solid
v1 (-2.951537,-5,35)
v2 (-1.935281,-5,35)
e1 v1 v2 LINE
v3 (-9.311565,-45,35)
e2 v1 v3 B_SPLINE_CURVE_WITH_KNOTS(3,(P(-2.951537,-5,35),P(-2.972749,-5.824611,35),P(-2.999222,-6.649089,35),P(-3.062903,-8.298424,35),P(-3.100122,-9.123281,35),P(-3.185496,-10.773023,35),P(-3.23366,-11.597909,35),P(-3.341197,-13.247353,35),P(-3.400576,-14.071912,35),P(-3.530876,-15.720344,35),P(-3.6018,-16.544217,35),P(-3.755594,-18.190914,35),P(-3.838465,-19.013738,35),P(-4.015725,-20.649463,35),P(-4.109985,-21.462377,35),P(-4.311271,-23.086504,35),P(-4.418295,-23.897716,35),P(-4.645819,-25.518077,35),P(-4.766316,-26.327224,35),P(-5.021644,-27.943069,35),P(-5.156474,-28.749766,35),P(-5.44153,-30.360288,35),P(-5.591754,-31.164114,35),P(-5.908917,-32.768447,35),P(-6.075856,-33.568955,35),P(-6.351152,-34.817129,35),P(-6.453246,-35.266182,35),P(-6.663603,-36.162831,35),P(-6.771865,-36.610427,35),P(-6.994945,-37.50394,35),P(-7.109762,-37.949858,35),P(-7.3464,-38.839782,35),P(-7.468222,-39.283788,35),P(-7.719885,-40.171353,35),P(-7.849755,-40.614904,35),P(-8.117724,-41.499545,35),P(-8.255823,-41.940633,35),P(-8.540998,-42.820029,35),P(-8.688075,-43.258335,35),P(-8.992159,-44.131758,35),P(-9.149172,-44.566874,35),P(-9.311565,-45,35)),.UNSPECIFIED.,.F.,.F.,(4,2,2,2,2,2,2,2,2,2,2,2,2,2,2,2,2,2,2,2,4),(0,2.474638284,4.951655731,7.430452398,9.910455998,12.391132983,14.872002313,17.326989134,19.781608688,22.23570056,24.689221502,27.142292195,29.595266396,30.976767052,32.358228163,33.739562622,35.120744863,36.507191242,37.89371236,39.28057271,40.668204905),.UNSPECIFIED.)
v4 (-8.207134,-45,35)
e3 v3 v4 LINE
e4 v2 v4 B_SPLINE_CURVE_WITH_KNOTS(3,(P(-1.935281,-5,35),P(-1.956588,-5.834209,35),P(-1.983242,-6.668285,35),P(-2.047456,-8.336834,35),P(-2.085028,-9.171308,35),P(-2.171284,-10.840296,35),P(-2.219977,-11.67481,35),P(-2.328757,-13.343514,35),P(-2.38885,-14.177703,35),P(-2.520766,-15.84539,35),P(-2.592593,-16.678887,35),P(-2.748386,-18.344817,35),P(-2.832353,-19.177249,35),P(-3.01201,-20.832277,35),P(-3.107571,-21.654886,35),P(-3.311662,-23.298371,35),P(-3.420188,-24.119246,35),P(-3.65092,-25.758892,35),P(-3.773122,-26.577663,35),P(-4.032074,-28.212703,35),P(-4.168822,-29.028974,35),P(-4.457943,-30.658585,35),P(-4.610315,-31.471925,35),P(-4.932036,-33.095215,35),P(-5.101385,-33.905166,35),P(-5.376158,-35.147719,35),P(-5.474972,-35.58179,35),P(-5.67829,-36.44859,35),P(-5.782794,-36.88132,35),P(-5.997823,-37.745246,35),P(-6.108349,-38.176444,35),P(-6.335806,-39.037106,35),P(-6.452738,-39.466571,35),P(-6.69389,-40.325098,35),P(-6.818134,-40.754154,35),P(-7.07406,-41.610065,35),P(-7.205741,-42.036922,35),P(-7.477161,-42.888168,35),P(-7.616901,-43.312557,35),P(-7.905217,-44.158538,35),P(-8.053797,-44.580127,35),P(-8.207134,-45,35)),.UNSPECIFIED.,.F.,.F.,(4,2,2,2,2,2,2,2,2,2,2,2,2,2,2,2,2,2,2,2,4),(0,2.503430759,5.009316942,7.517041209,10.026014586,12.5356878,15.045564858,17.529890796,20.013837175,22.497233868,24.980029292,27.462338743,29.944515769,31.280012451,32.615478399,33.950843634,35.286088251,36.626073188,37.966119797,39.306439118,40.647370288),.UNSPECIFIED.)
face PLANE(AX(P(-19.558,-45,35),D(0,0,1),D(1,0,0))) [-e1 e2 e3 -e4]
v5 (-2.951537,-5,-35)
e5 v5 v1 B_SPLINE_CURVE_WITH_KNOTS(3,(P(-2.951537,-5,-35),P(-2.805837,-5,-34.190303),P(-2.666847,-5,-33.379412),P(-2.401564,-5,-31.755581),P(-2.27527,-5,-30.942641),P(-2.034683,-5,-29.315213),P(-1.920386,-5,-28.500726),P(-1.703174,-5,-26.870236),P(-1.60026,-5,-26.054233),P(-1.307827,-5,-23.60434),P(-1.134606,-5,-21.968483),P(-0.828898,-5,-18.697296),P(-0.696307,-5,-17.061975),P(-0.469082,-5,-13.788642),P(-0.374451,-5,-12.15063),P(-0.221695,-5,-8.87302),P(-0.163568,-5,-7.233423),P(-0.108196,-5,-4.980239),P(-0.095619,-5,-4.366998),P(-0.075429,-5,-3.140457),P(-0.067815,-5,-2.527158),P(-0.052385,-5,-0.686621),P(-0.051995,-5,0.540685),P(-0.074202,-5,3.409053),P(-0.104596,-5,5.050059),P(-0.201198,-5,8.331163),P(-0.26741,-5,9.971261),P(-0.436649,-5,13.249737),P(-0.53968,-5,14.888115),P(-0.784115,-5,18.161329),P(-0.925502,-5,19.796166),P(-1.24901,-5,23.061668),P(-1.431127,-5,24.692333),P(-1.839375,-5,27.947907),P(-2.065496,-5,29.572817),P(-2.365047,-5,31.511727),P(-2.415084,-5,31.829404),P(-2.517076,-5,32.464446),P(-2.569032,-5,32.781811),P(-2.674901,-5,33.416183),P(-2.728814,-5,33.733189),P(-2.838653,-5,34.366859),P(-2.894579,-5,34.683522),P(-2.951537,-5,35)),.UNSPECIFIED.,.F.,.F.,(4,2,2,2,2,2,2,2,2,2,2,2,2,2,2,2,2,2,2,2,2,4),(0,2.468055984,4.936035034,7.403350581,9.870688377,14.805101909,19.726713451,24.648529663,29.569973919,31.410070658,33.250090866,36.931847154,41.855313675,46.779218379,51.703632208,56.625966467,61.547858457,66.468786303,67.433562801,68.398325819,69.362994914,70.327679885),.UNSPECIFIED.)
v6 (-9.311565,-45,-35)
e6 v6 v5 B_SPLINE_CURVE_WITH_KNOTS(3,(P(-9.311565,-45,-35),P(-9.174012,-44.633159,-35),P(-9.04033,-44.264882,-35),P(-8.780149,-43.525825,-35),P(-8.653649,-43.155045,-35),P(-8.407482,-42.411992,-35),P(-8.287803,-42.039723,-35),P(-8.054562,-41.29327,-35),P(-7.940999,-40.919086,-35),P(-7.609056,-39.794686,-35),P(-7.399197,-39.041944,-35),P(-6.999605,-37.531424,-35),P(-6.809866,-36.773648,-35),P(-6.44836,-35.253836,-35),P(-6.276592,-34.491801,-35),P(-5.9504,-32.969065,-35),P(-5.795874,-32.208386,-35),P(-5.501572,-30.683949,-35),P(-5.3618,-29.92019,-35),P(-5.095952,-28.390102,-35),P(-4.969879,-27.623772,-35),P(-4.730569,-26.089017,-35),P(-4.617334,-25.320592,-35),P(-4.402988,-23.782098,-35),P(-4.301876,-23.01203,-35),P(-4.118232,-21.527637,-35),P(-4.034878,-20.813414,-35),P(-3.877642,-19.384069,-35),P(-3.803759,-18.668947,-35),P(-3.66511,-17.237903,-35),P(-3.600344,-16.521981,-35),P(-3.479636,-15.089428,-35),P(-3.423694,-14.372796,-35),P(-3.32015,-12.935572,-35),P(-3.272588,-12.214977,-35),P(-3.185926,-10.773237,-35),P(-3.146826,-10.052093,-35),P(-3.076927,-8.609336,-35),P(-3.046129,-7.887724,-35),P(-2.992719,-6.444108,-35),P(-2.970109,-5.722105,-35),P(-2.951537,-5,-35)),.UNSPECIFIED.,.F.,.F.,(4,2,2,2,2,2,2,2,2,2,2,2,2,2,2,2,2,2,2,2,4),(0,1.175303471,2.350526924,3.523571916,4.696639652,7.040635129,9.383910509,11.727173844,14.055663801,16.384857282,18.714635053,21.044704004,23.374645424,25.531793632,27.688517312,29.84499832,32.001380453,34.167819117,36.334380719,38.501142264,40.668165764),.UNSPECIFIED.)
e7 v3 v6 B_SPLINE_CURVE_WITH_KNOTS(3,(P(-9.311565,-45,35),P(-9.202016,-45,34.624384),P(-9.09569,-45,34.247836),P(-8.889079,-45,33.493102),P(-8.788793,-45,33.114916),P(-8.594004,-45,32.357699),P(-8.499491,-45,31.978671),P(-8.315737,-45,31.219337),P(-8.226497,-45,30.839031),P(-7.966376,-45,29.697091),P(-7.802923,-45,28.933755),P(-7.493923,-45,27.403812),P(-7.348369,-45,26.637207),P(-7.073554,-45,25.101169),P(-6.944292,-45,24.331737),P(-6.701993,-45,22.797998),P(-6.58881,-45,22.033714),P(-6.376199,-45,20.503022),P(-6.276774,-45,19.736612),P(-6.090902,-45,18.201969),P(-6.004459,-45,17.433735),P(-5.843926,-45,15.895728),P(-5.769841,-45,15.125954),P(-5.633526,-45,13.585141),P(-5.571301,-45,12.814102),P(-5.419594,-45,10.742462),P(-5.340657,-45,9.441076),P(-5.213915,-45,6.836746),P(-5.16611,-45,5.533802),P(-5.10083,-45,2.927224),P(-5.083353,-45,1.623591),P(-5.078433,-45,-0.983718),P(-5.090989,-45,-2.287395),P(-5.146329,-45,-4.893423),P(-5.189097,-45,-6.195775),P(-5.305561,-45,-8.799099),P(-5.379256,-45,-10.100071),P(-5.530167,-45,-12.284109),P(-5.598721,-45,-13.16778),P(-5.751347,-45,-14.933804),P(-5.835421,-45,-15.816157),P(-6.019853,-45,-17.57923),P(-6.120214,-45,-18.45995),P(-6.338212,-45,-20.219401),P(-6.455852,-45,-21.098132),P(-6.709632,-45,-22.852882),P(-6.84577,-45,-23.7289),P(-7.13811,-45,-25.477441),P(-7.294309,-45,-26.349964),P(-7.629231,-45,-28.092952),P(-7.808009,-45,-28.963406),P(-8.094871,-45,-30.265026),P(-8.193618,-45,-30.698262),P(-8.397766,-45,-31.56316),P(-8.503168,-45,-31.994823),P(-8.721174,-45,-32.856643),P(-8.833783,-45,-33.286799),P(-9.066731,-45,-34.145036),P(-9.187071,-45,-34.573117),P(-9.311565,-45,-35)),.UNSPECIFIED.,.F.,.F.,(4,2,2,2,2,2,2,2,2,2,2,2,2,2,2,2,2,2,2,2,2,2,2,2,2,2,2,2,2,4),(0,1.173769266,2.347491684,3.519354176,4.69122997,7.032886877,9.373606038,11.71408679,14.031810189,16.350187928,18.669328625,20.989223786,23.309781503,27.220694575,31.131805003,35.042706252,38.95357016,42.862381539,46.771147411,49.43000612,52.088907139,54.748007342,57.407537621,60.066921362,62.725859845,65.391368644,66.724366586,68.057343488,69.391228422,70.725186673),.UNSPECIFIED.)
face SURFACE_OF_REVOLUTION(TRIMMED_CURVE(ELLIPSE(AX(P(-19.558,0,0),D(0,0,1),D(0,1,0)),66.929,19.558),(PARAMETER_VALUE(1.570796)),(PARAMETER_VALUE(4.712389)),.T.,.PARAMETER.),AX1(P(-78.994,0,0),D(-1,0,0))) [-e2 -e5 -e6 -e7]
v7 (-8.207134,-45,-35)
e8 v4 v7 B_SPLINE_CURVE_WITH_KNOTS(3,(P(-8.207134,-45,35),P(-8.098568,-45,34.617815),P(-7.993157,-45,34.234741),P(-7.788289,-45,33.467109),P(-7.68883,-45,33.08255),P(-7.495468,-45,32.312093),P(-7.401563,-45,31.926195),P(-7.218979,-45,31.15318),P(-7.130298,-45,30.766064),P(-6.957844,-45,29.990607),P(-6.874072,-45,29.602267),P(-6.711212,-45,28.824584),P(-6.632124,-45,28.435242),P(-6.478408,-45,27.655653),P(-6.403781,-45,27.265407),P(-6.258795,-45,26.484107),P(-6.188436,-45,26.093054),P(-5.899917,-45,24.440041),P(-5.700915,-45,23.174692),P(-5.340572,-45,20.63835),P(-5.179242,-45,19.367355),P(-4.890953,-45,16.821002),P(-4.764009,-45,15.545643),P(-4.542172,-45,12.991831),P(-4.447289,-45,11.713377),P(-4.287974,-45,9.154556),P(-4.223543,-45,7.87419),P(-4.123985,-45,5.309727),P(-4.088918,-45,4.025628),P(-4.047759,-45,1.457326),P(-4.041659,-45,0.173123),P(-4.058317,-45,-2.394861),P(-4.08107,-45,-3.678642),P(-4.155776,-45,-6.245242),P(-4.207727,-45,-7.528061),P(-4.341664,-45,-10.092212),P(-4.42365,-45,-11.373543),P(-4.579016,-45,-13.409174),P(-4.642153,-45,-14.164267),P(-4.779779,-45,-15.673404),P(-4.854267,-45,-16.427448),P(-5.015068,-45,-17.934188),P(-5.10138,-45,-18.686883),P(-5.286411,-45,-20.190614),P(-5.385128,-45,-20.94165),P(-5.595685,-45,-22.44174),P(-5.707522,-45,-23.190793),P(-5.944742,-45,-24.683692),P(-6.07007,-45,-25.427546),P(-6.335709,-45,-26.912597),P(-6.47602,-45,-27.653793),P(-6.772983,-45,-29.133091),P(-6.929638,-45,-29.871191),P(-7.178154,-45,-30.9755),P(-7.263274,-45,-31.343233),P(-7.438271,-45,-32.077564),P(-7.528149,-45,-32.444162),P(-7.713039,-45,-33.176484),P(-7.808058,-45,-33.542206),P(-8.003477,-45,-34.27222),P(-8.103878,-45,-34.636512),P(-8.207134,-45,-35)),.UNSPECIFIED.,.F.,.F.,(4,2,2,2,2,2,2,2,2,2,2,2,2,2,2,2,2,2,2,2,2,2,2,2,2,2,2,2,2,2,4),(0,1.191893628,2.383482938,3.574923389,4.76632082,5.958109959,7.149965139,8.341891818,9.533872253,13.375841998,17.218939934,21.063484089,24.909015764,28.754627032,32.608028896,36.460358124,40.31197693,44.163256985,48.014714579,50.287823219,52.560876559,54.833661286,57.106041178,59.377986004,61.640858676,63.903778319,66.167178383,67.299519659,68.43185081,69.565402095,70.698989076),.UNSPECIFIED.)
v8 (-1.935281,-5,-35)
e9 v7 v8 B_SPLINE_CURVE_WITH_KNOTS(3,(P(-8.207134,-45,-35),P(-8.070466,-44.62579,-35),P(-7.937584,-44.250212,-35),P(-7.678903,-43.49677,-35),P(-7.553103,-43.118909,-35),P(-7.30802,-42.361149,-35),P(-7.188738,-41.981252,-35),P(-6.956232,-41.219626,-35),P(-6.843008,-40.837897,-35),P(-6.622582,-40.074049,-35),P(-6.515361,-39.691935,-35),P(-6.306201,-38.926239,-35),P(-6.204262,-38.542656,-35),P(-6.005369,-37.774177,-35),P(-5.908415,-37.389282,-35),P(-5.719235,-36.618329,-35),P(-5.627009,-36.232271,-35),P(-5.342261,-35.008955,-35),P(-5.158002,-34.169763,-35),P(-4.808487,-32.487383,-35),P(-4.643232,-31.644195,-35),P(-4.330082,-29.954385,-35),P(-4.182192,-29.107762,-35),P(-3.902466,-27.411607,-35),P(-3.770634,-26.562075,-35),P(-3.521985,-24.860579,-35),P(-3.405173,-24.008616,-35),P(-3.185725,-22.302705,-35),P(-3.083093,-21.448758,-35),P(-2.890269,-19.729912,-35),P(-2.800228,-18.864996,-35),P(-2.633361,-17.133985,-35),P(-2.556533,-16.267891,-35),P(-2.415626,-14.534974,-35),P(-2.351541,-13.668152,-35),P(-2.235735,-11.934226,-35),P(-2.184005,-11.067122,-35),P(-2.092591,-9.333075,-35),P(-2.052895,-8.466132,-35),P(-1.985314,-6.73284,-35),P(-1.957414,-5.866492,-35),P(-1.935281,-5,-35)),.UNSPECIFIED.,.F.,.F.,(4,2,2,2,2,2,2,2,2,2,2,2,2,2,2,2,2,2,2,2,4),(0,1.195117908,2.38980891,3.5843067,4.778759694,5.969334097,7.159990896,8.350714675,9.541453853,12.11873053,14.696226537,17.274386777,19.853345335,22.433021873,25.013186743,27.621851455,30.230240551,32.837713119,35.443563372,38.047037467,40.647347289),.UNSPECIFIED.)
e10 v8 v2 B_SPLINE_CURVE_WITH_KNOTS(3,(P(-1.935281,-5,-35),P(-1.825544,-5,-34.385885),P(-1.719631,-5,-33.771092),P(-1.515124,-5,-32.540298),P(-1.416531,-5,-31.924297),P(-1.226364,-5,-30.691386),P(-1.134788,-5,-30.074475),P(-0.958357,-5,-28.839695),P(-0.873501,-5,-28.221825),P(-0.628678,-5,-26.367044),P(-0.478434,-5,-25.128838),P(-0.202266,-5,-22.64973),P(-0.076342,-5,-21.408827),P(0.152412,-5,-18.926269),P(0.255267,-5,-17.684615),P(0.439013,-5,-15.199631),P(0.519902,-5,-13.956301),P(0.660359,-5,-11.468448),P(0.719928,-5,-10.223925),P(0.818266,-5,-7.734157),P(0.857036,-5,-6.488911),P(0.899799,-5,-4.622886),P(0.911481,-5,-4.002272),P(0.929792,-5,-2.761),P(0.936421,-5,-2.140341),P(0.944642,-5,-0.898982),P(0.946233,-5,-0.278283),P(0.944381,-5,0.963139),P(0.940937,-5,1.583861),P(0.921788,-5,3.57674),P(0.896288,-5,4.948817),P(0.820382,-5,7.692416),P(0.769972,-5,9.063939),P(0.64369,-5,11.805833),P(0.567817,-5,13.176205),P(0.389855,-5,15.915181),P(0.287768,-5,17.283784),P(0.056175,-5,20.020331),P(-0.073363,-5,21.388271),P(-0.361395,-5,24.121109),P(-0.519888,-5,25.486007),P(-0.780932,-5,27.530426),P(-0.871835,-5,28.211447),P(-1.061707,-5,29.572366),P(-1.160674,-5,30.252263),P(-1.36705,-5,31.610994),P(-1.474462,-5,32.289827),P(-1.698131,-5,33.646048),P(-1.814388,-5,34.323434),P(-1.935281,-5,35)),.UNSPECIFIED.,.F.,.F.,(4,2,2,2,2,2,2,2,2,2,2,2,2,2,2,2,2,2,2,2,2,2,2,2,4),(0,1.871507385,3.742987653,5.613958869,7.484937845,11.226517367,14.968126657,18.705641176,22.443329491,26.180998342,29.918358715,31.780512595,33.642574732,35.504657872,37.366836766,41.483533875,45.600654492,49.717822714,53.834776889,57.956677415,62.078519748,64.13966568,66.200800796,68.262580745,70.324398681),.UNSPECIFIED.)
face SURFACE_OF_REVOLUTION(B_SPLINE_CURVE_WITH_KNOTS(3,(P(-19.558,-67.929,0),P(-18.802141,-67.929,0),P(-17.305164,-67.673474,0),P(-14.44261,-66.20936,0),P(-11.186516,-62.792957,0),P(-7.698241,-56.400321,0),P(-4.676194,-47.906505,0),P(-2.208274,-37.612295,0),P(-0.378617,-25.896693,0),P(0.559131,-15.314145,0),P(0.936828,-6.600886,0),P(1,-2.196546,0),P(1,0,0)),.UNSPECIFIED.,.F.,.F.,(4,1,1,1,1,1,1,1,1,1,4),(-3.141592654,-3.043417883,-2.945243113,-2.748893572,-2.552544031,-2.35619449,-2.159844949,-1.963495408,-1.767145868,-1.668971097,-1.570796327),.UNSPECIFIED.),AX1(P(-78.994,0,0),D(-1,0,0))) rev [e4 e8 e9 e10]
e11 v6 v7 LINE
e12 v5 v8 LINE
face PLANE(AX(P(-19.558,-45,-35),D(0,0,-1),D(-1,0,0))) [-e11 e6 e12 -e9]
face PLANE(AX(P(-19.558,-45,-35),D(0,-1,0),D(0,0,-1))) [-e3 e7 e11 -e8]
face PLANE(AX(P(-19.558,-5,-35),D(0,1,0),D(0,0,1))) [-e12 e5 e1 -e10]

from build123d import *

# Parameters (mm, degrees)
SKETCH2_W               = 200
SKETCH2_H               = 200
SKETCH2_W_2             = 70
SKETCH2_H_2             = 40
CUT_EXTRUDE1_DEPTH      = 2.0000001
CUT_EXTRUDE1_DEPTH_BACK = 20.5580001


with BuildPart() as part:
    # Sketch1 → Revolve1 (revolve)
    with BuildSketch(Plane.XY):
        with BuildLine():
            Line((-19.558, -66.929), (-19.558, -67.929))
            add(Edge.make_bspline(
                [(-19.558, -67.929), (-18.802141164, -67.929), (-17.305164051, -67.673474135), (-14.442609506, -66.209360017), (-11.186515734, -62.7929565), (-7.698241079, -56.400320891), (-4.67619388, -47.906504938), (-2.208274357, -37.612295179), (-0.378616655, -25.896693359), (0.559130848, -15.314144608), (0.936828172, -6.600886267), (1, -2.196545793), (1, 0)],
                knots=[-3.141592654, -3.141592654, -3.141592654, -3.141592654, -3.043417883, -2.945243113, -2.748893572, -2.552544031, -2.35619449, -2.159844949, -1.963495408, -1.767145868, -1.668971097, -1.570796327, -1.570796327, -1.570796327, -1.570796327], degree=3))
            Line((1, 0), (0, 0))
            add(Edge.make_bspline(
                [(-19.558, -66.929), (0, -66.929), (0, 0)],
                knots=[3.141592654, 3.141592654, 3.141592654, 4.71238898, 4.71238898, 4.71238898], degree=2, weights=[1, 0.707106781, 1]))
        make_face()
    revolve(axis=Axis((-78.994, 0, 0), (1, 0, 0)))

    # Sketch2 → Cut-Extrude1 (cut, two sides)
    with BuildSketch(Plane(origin=(0, 0, 0), x_dir=(0, 0, -1), z_dir=(1, 0, 0))) as cut_extrude1_sk:
        Rectangle(SKETCH2_W, SKETCH2_H)
        with Locations((0, -25)):
            Rectangle(SKETCH2_W_2, SKETCH2_H_2, mode=Mode.SUBTRACT)
    extrude(amount=CUT_EXTRUDE1_DEPTH, mode=Mode.SUBTRACT)
    extrude(cut_extrude1_sk.sketch, amount=-CUT_EXTRUDE1_DEPTH_BACK, mode=Mode.SUBTRACT)


solid = part.part
